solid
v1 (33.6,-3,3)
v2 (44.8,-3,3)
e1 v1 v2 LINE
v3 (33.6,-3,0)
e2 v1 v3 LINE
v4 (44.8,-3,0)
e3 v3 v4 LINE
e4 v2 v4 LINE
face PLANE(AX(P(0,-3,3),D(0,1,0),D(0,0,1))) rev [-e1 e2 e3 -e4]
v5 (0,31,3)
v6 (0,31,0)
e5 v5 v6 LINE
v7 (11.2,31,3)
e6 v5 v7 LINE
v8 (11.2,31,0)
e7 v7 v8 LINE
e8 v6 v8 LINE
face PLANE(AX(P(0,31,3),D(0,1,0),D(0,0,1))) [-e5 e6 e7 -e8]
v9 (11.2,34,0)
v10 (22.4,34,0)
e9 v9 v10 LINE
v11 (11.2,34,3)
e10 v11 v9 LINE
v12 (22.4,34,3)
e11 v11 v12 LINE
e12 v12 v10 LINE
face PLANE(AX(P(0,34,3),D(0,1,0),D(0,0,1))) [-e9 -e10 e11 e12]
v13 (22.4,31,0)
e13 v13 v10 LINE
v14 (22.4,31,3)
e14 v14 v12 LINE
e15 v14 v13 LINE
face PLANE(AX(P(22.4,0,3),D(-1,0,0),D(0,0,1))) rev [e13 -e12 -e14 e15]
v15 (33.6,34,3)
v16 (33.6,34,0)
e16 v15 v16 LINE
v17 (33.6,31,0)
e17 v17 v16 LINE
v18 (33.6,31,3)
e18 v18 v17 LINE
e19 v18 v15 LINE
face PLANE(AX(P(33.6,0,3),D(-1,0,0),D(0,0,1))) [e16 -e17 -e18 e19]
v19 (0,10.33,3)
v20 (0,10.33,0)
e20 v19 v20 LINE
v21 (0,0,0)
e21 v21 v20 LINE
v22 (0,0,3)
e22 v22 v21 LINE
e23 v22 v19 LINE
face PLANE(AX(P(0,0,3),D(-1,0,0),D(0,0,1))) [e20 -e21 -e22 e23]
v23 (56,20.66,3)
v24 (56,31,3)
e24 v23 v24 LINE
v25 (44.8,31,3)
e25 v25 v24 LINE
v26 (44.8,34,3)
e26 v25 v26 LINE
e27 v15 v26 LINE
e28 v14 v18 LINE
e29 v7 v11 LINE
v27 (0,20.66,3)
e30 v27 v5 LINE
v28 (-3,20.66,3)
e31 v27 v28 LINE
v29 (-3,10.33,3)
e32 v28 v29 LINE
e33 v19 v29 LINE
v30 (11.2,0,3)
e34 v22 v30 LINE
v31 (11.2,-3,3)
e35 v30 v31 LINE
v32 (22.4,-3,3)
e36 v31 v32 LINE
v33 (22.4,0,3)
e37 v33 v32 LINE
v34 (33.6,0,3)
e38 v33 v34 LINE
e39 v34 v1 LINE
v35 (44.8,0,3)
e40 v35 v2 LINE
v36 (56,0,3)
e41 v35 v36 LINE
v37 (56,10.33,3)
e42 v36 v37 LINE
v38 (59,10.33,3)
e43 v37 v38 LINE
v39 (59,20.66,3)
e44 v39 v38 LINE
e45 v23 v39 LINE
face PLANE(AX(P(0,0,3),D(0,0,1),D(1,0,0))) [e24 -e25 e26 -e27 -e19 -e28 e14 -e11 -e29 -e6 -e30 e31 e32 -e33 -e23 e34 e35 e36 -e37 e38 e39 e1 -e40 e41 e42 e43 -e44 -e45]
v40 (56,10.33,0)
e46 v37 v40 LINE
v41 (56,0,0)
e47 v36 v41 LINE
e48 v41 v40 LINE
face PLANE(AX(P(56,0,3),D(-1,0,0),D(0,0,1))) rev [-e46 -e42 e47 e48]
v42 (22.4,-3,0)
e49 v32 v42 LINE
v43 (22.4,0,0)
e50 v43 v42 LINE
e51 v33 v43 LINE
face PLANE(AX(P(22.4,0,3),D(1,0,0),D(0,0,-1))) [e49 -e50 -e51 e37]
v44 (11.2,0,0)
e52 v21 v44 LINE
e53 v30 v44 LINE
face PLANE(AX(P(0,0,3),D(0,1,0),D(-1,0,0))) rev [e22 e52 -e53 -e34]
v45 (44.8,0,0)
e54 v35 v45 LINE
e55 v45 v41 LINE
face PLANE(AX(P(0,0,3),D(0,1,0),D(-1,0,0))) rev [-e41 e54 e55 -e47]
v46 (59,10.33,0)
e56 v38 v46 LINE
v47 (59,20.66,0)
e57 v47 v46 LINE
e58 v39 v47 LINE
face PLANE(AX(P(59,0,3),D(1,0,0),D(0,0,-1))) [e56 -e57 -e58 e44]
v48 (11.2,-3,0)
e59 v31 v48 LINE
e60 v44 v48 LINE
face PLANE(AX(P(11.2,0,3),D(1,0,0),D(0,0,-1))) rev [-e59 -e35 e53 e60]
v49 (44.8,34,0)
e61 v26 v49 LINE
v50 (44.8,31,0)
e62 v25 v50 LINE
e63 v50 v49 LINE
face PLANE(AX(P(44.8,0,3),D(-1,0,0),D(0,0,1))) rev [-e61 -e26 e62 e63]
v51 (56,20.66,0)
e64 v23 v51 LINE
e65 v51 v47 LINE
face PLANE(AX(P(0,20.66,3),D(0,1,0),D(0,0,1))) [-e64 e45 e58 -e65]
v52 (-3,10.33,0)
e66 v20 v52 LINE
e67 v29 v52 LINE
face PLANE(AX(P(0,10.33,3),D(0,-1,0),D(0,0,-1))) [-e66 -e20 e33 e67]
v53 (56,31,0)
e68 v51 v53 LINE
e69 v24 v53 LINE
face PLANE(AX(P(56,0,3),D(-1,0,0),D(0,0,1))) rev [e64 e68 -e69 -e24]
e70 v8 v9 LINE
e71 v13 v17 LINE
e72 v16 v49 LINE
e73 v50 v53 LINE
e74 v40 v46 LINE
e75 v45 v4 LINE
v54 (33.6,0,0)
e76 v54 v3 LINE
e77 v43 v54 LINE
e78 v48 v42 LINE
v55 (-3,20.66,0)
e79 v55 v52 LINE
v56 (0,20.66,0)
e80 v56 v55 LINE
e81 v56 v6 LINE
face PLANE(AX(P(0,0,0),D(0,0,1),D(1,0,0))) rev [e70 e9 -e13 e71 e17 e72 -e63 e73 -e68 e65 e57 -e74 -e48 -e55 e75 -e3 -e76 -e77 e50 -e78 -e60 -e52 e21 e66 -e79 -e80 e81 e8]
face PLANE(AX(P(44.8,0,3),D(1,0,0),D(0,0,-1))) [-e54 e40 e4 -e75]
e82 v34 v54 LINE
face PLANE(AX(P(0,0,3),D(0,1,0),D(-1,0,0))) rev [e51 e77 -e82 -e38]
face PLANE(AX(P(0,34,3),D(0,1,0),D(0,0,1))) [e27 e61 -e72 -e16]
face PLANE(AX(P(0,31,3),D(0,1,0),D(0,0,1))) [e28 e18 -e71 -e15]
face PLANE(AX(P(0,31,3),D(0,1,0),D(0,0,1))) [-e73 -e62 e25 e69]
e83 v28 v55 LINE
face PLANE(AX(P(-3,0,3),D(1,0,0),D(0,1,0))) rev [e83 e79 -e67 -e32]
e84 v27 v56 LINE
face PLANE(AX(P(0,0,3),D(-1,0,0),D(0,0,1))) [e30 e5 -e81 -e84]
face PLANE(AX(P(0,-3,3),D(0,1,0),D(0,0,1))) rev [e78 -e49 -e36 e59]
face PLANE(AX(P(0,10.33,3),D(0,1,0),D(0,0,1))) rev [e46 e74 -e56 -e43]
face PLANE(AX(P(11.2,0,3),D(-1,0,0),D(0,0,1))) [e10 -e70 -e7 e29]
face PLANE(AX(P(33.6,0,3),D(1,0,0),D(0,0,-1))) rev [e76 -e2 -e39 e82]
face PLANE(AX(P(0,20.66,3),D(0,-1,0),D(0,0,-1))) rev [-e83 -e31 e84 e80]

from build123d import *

# Parameters (mm, degrees)
BOSS_EXTRU_3_DEPTH = 3


with BuildPart() as part:
    # Esquisse3 → Boss.-Extru.3 (new body)
    with BuildSketch(Plane.XY):
        Polygon((22.4, 0), (33.6, 0), (33.6, -3), (44.8, -3), (44.8, 0), (56, 0), (56, 10.33), (59, 10.33), (59, 20.66), (56, 20.66), (56, 31), (44.8, 31), (44.8, 34), (33.6, 34), (33.6, 31), (22.4, 31), (22.4, 34), (11.2, 34), (11.2, 31), (0, 31), (0, 20.66), (-3, 20.66), (-3, 10.33), (0, 10.33), (0, 0), (11.2, 0), (11.2, -3), (22.4, -3), align=None)
    extrude(amount=BOSS_EXTRU_3_DEPTH)


solid = part.part
